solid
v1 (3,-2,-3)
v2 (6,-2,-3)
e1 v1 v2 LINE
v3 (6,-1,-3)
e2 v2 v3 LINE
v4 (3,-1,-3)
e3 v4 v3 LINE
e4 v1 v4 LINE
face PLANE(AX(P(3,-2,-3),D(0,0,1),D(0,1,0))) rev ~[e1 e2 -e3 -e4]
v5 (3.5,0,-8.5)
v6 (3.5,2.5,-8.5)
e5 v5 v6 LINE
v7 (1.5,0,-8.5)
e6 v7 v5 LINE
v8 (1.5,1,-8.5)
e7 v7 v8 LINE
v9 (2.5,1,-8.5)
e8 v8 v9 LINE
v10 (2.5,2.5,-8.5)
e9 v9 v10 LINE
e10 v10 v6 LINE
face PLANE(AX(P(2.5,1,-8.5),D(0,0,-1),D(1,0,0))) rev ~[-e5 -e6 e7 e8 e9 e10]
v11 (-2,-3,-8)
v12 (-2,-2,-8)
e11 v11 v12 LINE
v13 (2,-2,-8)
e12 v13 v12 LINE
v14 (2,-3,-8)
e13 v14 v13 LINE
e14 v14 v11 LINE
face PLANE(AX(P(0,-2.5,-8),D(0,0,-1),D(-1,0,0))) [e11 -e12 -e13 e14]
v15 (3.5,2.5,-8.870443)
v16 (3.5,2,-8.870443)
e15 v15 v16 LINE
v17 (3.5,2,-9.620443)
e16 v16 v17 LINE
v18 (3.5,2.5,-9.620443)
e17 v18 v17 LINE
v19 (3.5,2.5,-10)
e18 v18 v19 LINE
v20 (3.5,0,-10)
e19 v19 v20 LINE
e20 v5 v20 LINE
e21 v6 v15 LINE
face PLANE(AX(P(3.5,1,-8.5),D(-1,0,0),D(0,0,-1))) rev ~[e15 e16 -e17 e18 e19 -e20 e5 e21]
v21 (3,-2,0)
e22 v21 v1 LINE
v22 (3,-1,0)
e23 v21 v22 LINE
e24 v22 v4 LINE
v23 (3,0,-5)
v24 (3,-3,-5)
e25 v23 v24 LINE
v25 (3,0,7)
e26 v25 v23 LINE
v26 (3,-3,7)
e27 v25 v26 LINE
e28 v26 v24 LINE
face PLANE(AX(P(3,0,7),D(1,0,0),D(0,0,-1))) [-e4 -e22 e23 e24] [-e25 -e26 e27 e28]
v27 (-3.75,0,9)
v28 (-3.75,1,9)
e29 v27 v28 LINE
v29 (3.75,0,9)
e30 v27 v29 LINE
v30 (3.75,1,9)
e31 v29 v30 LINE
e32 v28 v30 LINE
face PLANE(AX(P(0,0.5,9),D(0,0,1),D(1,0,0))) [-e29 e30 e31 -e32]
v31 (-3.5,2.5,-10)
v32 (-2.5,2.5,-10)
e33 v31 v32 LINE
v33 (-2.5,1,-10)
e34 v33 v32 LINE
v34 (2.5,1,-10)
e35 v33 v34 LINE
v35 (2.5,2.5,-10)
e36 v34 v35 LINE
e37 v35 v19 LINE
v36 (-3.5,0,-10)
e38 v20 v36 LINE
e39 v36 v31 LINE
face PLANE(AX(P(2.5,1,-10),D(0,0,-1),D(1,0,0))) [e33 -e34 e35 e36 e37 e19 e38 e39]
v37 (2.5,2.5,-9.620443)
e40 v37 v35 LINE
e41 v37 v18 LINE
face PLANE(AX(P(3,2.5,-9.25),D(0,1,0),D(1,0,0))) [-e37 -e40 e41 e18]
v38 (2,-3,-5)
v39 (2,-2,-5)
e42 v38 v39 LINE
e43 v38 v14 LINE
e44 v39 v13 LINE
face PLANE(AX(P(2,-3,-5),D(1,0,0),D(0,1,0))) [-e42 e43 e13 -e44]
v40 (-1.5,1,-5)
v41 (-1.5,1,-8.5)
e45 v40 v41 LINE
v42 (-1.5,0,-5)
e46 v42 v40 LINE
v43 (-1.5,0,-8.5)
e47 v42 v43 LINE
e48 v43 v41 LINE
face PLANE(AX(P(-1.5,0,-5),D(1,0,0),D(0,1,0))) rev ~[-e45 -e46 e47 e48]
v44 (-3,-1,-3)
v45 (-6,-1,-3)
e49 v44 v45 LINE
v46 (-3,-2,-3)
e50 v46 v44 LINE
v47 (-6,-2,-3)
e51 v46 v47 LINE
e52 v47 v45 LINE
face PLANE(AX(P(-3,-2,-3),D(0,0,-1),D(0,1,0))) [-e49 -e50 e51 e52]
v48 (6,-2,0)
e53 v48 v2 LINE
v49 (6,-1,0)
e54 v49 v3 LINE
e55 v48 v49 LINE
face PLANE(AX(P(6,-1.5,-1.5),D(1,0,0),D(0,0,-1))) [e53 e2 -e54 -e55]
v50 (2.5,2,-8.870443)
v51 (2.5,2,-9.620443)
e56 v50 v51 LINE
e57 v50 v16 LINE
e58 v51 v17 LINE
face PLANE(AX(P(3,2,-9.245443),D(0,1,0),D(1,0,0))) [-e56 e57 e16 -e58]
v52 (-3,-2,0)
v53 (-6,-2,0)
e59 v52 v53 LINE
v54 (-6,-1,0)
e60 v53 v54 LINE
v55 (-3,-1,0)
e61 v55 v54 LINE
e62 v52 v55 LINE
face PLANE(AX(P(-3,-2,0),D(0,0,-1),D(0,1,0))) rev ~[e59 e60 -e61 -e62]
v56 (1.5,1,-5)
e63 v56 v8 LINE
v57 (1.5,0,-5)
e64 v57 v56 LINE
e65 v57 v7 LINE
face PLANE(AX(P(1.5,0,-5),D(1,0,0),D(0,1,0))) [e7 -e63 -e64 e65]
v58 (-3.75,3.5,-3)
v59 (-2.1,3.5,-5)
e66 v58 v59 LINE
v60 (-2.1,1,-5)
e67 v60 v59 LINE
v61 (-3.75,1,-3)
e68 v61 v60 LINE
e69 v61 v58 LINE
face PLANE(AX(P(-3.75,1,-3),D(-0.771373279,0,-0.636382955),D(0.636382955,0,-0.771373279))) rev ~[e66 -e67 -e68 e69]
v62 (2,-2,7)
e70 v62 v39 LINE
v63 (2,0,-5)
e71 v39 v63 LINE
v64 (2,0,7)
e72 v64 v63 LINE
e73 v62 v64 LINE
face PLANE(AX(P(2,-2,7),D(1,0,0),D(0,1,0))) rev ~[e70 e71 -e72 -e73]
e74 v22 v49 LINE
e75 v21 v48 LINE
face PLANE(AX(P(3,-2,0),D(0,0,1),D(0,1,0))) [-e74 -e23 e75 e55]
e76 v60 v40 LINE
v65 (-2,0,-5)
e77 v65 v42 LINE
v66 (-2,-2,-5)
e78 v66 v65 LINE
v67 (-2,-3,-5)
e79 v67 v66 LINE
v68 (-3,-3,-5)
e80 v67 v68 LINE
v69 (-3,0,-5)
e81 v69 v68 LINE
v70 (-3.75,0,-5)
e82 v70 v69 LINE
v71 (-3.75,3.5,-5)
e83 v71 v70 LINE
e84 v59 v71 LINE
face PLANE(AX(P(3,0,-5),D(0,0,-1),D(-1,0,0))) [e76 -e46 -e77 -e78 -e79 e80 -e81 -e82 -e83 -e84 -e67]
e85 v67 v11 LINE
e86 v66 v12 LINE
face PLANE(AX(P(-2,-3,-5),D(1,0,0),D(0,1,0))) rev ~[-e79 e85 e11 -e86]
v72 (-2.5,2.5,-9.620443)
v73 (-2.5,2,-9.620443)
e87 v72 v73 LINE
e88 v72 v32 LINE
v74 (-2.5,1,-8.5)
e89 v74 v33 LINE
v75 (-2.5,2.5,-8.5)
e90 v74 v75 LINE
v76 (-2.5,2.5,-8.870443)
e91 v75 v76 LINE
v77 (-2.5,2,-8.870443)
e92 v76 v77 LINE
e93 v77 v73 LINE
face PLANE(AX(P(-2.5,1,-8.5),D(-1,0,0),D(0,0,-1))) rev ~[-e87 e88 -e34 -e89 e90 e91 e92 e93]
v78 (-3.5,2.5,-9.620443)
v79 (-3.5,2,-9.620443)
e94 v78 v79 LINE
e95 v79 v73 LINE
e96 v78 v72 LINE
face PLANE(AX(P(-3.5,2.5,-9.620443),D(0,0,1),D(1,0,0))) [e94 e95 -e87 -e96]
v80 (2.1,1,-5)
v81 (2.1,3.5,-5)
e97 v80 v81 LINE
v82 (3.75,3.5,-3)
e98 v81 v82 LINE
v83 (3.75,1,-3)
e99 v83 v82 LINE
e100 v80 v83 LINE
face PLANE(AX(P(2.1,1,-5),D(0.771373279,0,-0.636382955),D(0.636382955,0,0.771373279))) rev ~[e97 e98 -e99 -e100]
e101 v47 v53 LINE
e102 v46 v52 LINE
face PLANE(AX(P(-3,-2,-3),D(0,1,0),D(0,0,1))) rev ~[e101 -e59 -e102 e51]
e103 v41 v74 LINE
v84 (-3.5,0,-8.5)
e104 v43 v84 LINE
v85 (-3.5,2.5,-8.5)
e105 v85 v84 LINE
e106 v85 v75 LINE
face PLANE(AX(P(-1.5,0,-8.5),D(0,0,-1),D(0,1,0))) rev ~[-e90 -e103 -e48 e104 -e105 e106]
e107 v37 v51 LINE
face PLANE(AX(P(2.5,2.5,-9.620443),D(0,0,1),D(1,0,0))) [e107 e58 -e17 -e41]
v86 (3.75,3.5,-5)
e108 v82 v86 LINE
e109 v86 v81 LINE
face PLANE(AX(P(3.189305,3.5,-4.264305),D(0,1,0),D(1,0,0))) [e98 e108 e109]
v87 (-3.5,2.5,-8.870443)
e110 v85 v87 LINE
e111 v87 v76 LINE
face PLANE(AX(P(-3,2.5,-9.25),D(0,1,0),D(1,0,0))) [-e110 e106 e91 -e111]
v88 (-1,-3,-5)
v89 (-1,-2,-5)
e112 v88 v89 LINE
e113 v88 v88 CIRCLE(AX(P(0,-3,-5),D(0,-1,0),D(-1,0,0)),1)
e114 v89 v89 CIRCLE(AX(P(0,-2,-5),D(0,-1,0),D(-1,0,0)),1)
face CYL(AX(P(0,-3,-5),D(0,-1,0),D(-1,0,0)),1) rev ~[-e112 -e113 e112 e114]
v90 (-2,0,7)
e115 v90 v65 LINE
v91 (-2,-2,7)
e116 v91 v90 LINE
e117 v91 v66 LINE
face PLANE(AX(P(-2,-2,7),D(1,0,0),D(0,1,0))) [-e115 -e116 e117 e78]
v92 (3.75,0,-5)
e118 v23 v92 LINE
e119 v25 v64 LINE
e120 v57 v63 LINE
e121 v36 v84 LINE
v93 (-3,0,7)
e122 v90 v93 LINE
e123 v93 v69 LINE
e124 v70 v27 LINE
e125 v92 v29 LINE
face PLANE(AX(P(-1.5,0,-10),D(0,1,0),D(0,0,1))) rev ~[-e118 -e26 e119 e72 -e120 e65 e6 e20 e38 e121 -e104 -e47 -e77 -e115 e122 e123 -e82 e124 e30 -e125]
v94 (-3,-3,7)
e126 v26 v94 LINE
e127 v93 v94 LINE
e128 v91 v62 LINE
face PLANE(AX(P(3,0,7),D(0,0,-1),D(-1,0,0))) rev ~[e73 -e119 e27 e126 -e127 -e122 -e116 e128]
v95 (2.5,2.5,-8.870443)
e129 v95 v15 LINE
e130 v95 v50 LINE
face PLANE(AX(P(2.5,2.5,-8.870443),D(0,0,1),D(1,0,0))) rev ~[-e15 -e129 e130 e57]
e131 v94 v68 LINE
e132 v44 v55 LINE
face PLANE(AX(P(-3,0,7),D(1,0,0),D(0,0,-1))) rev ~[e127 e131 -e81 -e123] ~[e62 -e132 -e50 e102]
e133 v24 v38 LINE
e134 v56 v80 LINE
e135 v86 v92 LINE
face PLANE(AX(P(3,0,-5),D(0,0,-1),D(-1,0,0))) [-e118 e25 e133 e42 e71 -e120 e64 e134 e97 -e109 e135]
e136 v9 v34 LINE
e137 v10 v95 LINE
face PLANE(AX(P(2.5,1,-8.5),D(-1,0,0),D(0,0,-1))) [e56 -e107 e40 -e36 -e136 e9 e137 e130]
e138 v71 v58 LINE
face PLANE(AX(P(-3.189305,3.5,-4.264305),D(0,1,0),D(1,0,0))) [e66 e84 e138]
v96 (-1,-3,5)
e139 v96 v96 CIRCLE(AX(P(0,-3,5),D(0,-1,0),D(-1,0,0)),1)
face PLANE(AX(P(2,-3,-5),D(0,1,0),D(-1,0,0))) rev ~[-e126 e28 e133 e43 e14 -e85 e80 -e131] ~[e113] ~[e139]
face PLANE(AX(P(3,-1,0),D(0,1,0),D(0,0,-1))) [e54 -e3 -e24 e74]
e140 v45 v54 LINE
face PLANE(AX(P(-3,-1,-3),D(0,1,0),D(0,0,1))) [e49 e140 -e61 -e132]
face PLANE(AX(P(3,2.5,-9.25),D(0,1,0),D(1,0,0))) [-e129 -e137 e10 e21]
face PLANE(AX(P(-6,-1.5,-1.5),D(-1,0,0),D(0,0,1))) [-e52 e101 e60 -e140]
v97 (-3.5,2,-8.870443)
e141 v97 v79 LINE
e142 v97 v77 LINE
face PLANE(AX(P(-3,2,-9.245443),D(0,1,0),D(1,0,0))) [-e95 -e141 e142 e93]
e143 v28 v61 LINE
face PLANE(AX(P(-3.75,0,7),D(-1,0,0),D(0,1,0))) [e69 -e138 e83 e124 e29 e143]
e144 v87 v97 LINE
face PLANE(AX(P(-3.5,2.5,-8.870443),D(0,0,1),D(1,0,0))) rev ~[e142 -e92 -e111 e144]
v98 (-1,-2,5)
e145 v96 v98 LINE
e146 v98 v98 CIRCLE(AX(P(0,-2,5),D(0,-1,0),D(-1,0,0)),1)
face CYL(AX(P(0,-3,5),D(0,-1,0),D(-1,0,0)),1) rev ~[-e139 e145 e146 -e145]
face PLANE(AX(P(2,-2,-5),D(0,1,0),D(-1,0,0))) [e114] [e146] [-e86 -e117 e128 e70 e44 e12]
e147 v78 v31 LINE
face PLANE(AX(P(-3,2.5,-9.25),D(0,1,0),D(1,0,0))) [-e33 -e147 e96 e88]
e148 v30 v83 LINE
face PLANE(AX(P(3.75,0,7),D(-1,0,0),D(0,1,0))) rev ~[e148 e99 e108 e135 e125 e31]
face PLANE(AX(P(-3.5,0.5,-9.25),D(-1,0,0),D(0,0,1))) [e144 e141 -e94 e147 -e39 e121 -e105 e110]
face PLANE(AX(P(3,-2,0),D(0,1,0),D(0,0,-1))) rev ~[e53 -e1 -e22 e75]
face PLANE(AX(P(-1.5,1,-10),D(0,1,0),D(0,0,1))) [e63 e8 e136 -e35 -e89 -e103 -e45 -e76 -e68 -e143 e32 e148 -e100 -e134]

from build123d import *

# Parameters (mm, degrees)
SKETCH1_W            = 7.5
SKETCH1_H            = 10
BOSS_EXTRUDE1_DEPTH  = 1
BOSS_EXTRUDE2_DEPTH  = 2.5
SKETCH10_W           = 7.5
SKETCH10_H           = 1
BOSS_EXTRUDE5_DEPTH  = 2
SKETCH56_W           = 7.5
SKETCH56_H           = 1
BOSS_EXTRUDE17_DEPTH = 2
SKETCH57_W           = 3
SKETCH57_H           = 1
BOSS_EXTRUDE18_DEPTH = 5
SKETCH58_W           = 1.5
SKETCH58_H           = 1
BOSS_EXTRUDE19_DEPTH = 2
SKETCH59_W           = 1.5
SKETCH59_H           = 1
BOSS_EXTRUDE20_DEPTH = 2
SKETCH60_W           = 1
SKETCH60_H           = 1.5
BOSS_EXTRUDE23_DEPTH = 1.5
SKETCH61_W           = 1
SKETCH61_H           = 0.75
CUT_EXTRUDE1_DEPTH   = 0.5
SKETCH62_W           = 6
SKETCH62_H           = 12
BOSS_EXTRUDE25_DEPTH = 3
SKETCH64_W           = 4
SKETCH64_H           = 2
CUT_EXTRUDE2_DEPTH   = 12
SKETCH65_W           = 4
SKETCH65_H           = 1
BOSS_EXTRUDE26_DEPTH = 3
SKETCH66_R           = 1
CUT_EXTRUDE3_DEPTH   = 1
SKETCH67_W           = 3
SKETCH67_H           = 1
BOSS_EXTRUDE27_DEPTH = 3
SKETCH68_W           = 3
SKETCH68_H           = 1
BOSS_EXTRUDE28_DEPTH = 3


with BuildPart() as part:
    # Sketch1 → Boss-Extrude1 (new body)
    with BuildSketch(Plane(origin=(0, 0, 0), x_dir=(1, 0, 0), z_dir=(0, 1, 0))):
        Rectangle(SKETCH1_W, SKETCH1_H)
    extrude(amount=BOSS_EXTRUDE1_DEPTH)

    # Sketch2 → Boss-Extrude2 (add)
    with BuildSketch(Plane(origin=(0, 1, 0), x_dir=(1, 0, 0), z_dir=(0, 1, 0))):
        Polygon((-3.75, 3), (-2.1, 5), (-3.75, 5), align=None)
        Polygon((3.75, 5), (2.1, 5), (3.75, 3), align=None)
    extrude(amount=BOSS_EXTRUDE2_DEPTH)

    # Sketch10 → Boss-Extrude5 (add)
    with BuildSketch(Plane.XY.offset(5)):
        with Locations((0, 0.5)):
            Rectangle(SKETCH10_W, SKETCH10_H)
    extrude(amount=BOSS_EXTRUDE5_DEPTH)

    # Sketch56 → Boss-Extrude17 (add)
    with BuildSketch(Plane.XY.offset(7)):
        with Locations((0, 0.5)):
            Rectangle(SKETCH56_W, SKETCH56_H)
    extrude(amount=BOSS_EXTRUDE17_DEPTH)

    # Sketch57 → Boss-Extrude18 (add)
    with BuildSketch(Plane(origin=(0, 0, -5), x_dir=(-1, 0, 0), z_dir=(0, 0, -1))):
        with Locations((0, 0.5)):
            Rectangle(SKETCH57_W, SKETCH57_H)
    extrude(amount=BOSS_EXTRUDE18_DEPTH)

    # Sketch58 → Boss-Extrude19 (add)
    with BuildSketch(Plane(origin=(1.5, 0, 0), x_dir=(0, 0, -1), z_dir=(1, 0, 0))):
        with Locations((9.25, 0.5)):
            Rectangle(SKETCH58_W, SKETCH58_H)
    extrude(amount=BOSS_EXTRUDE19_DEPTH)

    # Sketch59 → Boss-Extrude20 (add)
    with BuildSketch(Plane.ZY.offset(1.5)):
        with Locations((-9.25, 0.5)):
            Rectangle(SKETCH59_W, SKETCH59_H)
    extrude(amount=BOSS_EXTRUDE20_DEPTH)

    # Sketch60 → Boss-Extrude23 (add)
    with BuildSketch(Plane(origin=(0, 1, 0), x_dir=(1, 0, 0), z_dir=(0, 1, 0))):
        with Locations((3, 9.25)):
            Rectangle(SKETCH60_W, SKETCH60_H)
        with Locations((-3, 9.25)):
            Rectangle(SKETCH60_W, SKETCH60_H)
    extrude(amount=BOSS_EXTRUDE23_DEPTH)

    # Sketch61 → Cut-Extrude1 (cut)
    with BuildSketch(Plane(origin=(0, 2.5, 0), x_dir=(1, 0, 0), z_dir=(0, 1, 0))):
        with Locations((-3, 9.245443114)):
            Rectangle(SKETCH61_W, SKETCH61_H)
        with Locations((3, 9.245443114)):
            Rectangle(SKETCH61_W, SKETCH61_H)
    extrude(amount=-CUT_EXTRUDE1_DEPTH, mode=Mode.SUBTRACT)

    # Sketch62 → Boss-Extrude25 (add)
    with BuildSketch(Plane(origin=(0, 0, 0), x_dir=(-1, 0, 0), z_dir=(0, -1, 0))):
        with Locations((0, -1)):
            Rectangle(SKETCH62_W, SKETCH62_H)
    extrude(amount=BOSS_EXTRUDE25_DEPTH)

    # Sketch64 → Cut-Extrude2 (cut)
    with BuildSketch(Plane.XY.offset(7)):
        with Locations((0, -1)):
            Rectangle(SKETCH64_W, SKETCH64_H)
    extrude(amount=-CUT_EXTRUDE2_DEPTH, mode=Mode.SUBTRACT)

    # Sketch65 → Boss-Extrude26 (add)
    with BuildSketch(Plane(origin=(0, 0, -5), x_dir=(-1, 0, 0), z_dir=(0, 0, -1))):
        with Locations((0, -2.5)):
            Rectangle(SKETCH65_W, SKETCH65_H)
    extrude(amount=BOSS_EXTRUDE26_DEPTH)

    # Sketch66 → Cut-Extrude3 (cut)
    with BuildSketch(Plane(origin=(0, -3, 0), x_dir=(-1, 0, 0), z_dir=(0, -1, 0))):
        with Locations((0, -5)):
            Circle(SKETCH66_R)
        with Locations((0, 5)):
            Circle(SKETCH66_R)
    extrude(amount=-CUT_EXTRUDE3_DEPTH, mode=Mode.SUBTRACT)

    # Sketch67 → Boss-Extrude27 (add)
    with BuildSketch(Plane.ZY.offset(3)):
        with Locations((-1.5, -1.5)):
            Rectangle(SKETCH67_W, SKETCH67_H)
    extrude(amount=BOSS_EXTRUDE27_DEPTH)

    # Sketch68 → Boss-Extrude28 (add)
    with BuildSketch(Plane(origin=(3, 0, 0), x_dir=(0, 0, -1), z_dir=(1, 0, 0))):
        with Locations((1.5, -1.5)):
            Rectangle(SKETCH68_W, SKETCH68_H)
    extrude(amount=BOSS_EXTRUDE28_DEPTH)


solid = part.part
